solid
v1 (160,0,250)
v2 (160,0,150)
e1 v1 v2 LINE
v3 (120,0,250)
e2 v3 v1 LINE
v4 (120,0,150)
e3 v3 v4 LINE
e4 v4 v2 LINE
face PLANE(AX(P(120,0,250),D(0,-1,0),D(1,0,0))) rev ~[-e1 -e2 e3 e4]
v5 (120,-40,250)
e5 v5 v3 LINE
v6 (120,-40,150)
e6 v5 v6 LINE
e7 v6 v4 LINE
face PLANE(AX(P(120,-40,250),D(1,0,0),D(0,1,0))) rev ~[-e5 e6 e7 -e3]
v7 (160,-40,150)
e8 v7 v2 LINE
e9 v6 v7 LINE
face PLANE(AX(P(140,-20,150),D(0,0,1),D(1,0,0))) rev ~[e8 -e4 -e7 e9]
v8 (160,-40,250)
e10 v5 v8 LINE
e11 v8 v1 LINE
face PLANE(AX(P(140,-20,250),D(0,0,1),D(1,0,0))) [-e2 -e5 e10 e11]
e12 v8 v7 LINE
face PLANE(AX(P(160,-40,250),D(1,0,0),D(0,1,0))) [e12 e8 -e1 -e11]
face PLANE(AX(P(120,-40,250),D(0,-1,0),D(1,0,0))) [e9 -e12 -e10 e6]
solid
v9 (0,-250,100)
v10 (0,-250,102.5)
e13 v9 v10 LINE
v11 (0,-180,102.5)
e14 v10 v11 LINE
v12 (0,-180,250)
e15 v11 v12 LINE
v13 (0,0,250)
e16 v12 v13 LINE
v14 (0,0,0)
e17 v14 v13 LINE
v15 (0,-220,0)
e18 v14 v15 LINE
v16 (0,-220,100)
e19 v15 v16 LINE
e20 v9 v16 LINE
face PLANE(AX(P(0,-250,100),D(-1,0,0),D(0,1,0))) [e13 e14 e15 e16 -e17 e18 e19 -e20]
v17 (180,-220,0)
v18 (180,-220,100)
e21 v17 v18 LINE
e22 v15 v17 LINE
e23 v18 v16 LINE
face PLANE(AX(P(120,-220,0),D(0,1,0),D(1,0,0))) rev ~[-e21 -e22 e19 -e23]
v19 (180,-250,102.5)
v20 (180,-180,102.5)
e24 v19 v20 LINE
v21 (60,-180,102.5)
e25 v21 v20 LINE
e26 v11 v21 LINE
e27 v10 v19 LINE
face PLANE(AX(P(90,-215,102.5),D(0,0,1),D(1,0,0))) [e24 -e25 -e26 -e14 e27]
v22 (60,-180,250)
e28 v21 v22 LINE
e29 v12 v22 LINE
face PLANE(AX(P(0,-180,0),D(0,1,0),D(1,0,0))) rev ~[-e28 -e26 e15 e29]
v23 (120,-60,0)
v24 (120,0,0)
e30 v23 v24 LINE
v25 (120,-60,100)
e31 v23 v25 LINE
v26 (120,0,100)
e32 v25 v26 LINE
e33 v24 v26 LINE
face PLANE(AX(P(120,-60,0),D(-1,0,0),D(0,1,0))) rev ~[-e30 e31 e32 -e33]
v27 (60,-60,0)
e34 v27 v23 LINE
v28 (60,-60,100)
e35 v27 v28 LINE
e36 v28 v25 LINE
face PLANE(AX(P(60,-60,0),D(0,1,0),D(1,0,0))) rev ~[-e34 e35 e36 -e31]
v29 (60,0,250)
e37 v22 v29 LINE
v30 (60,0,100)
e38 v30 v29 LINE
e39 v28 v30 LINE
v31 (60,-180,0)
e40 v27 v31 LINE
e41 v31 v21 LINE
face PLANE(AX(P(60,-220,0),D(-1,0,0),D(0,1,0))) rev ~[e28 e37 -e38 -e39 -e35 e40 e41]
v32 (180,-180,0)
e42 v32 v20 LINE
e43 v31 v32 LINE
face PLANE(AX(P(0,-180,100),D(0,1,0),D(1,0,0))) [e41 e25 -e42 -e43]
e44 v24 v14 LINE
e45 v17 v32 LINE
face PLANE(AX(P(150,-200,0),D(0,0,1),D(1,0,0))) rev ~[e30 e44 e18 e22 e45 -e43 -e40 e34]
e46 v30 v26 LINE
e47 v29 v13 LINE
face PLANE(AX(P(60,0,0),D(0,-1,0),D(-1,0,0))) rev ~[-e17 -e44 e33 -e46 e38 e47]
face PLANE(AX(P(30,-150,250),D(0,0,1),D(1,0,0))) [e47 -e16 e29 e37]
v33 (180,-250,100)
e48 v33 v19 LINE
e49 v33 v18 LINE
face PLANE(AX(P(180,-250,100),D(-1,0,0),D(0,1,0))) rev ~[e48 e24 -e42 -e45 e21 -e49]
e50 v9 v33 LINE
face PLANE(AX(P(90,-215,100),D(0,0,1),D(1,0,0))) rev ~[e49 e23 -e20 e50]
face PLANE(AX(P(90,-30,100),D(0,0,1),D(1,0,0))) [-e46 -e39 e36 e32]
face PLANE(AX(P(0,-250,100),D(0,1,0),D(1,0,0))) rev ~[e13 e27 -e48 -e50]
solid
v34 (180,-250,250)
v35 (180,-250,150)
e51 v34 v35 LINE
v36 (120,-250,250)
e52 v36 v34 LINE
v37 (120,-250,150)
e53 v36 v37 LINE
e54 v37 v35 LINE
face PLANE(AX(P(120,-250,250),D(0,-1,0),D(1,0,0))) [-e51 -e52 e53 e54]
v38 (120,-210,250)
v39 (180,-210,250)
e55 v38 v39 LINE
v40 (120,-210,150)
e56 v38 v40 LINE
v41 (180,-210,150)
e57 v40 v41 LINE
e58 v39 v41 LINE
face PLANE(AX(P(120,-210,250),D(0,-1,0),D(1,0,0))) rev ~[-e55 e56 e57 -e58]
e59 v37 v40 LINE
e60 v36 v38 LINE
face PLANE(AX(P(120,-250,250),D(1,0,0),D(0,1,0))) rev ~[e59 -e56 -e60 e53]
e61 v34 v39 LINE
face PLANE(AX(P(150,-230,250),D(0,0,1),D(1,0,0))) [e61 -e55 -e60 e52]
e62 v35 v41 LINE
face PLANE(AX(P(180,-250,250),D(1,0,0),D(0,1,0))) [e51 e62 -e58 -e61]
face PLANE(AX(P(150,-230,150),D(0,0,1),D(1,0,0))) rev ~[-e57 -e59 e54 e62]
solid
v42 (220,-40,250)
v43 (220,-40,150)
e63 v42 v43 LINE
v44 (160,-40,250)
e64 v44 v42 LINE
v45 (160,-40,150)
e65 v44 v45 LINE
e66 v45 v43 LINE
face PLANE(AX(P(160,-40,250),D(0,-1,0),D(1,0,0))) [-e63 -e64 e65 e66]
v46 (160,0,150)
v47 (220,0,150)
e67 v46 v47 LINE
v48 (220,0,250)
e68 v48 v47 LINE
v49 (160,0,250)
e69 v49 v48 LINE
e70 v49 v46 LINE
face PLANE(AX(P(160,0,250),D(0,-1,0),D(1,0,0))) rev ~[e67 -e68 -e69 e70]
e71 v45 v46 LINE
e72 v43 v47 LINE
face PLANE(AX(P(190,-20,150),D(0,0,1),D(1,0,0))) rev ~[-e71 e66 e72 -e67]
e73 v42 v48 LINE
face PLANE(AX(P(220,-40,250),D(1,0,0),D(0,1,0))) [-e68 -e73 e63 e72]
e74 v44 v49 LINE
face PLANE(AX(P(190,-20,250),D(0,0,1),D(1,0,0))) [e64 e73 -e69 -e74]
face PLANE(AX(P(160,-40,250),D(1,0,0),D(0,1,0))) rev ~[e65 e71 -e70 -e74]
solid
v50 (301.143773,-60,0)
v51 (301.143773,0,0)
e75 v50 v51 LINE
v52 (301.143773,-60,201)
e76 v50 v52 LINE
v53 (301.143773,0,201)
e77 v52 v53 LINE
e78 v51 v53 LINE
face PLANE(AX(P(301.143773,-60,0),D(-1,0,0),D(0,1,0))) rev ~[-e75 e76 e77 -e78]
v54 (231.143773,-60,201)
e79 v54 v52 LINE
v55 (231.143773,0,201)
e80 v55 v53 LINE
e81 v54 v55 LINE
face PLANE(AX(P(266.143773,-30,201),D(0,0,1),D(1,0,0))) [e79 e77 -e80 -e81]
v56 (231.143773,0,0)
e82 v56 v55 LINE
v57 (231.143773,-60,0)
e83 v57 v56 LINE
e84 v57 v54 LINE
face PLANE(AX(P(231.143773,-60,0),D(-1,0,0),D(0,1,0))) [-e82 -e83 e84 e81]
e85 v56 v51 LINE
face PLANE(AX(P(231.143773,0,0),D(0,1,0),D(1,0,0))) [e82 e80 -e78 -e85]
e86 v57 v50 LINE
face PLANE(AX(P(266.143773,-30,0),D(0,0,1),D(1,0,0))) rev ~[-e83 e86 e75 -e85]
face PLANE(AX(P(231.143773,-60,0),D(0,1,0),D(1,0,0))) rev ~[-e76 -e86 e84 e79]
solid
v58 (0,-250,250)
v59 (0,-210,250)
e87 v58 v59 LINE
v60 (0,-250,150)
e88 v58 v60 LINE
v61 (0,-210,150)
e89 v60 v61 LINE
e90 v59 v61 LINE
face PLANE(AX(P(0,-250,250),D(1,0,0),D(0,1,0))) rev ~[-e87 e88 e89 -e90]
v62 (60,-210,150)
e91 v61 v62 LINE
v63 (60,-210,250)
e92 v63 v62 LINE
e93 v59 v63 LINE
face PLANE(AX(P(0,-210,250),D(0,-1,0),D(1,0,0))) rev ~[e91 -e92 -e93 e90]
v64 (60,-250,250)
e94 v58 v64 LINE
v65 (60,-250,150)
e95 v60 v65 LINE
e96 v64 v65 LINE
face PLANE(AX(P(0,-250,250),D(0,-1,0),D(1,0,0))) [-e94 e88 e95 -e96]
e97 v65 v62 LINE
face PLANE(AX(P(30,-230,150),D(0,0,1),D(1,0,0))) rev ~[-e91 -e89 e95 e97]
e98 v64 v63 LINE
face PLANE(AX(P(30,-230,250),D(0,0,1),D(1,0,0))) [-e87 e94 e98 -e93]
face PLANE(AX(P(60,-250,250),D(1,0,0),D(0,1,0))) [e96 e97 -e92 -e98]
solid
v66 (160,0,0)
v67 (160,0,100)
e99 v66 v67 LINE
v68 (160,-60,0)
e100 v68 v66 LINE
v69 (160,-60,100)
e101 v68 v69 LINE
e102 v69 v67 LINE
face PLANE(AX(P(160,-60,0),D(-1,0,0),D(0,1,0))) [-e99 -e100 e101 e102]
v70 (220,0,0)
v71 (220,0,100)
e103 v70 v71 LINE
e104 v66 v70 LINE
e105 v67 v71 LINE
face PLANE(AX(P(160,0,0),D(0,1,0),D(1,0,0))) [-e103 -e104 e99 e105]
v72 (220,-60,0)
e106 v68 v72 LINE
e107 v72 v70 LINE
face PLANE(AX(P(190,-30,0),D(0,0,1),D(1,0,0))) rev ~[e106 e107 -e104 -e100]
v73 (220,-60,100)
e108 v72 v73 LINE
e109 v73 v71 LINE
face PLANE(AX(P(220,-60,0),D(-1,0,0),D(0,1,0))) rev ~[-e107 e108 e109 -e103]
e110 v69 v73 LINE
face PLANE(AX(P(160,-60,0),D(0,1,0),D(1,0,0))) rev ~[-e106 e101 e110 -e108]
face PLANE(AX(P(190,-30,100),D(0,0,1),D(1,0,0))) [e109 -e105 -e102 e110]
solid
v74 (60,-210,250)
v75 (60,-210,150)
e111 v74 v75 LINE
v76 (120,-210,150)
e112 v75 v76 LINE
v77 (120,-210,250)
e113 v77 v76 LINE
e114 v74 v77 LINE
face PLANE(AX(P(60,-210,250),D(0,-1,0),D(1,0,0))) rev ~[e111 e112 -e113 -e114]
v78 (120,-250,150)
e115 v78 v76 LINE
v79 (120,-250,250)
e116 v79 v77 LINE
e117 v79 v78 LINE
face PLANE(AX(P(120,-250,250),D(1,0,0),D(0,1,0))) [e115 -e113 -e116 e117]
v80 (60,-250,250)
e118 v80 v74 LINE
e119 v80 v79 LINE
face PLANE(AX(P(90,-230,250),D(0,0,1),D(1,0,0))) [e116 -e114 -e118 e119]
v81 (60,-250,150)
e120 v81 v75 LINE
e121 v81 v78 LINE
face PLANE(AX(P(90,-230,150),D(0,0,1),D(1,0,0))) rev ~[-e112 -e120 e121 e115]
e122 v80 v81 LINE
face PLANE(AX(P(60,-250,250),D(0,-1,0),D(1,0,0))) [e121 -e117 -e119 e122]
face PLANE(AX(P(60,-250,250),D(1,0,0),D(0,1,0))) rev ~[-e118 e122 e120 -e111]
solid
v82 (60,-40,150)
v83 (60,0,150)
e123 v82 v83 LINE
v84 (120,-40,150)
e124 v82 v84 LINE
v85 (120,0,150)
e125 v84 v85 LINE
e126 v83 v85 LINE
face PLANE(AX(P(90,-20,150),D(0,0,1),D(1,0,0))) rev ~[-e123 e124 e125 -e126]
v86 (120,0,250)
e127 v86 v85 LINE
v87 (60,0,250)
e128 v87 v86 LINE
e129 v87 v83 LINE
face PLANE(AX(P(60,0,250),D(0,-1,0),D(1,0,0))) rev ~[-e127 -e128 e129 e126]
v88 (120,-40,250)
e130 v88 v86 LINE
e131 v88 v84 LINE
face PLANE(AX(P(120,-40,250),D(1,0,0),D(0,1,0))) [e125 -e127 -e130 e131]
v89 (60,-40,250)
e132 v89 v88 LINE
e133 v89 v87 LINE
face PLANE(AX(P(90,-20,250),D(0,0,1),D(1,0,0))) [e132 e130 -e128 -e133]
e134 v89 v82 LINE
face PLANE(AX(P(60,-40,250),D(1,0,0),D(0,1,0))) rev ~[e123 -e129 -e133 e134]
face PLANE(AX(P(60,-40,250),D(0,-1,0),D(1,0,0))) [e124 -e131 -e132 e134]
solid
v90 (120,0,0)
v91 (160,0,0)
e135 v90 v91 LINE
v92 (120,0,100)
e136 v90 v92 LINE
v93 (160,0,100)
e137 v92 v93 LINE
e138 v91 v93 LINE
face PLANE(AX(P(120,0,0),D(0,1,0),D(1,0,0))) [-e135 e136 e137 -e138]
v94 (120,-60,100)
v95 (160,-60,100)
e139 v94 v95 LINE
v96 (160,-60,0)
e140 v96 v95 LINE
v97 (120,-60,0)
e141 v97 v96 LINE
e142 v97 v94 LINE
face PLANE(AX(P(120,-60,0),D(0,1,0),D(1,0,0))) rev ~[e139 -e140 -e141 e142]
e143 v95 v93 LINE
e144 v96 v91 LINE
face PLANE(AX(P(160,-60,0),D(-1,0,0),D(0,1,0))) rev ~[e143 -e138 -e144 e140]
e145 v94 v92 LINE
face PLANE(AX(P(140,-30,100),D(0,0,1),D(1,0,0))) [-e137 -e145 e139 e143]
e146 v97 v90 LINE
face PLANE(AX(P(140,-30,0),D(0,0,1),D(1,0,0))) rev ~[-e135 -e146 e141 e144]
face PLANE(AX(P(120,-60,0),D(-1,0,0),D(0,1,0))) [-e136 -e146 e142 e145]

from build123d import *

# Parameters (mm, degrees)
F0_W      = 70
F0_H      = 60
F1_DEPTH  = 201
F0_W_2    = 60
F2_DEPTH  = 100
F3_DEPTH  = 100
F0_W_3    = 40
F4_DEPTH  = 100
F5_DEPTH  = 250
F6_DEPTH  = 250
F0_H_2    = 40
F7_DEPTH  = 100
F8_DEPTH  = 100
F9_DEPTH  = 100
F10_W     = 180
F10_H     = 70
F11_DEPTH = 2.5
F12_W     = 60
F12_H     = 40
F13_DEPTH = 100
F14_W     = 60
F14_H     = 40
F15_DEPTH = 100
F16_W     = 60
F16_H     = 40
F17_DEPTH = 100
F18_W     = 60
F18_H     = 40
F19_DEPTH = 100
F20_W     = 40
F20_H     = 40
F21_DEPTH = 100
F22_W     = 60
F22_H     = 40
F23_DEPTH = 100


with BuildPart() as f1:
    # F0 (on Top) → F1 (new body)
    with BuildSketch(Plane.XY):
        with Locations((266.143773, -30)):
            Rectangle(F0_W, F0_H)
    extrude(amount=F1_DEPTH)


with BuildPart() as f2:
    # F0 (on Top) → F2 (new body)
    with BuildSketch(Plane.XY):
        with Locations((190, -30)):
            Rectangle(F0_W_2, F0_H)
    extrude(amount=F2_DEPTH)


with BuildPart() as f3:
    # F0 (on Top) → F3 (new body)
    with BuildSketch(Plane.XY):
        with Locations((90, -30)):
            Rectangle(F0_W_2, F0_H)
    extrude(amount=F3_DEPTH)

    # F0 (on Top) → F5 (join)
    with BuildSketch(Plane.XY):
        Polygon((60, 0), (0, 0), (0, -120), (60, -120), (60, -60), align=None)
    extrude(amount=F5_DEPTH)

    # F0 (on Top) → F6 (join)
    with BuildSketch(Plane.XY):
        with Locations((30, -150)):
            Rectangle(F0_W_2, F0_H)
    extrude(amount=F6_DEPTH)

    # F0 (on Top) → F7 (join)
    with BuildSketch(Plane.XY):
        with Locations((30, -200)):
            Rectangle(F0_W_2, F0_H_2)
    extrude(amount=F7_DEPTH)

    # F0 (on Top) → F8 (join)
    with BuildSketch(Plane.XY):
        with Locations((90, -200)):
            Rectangle(F0_W_2, F0_H_2)
    extrude(amount=F8_DEPTH)

    # F0 (on Top) → F9 (join)
    with BuildSketch(Plane.XY):
        with Locations((150, -200)):
            Rectangle(F0_W_2, F0_H_2)
    extrude(amount=F9_DEPTH)

    # F10 (on face) → F11 (join)
    with BuildSketch(Plane.XY.offset(100)):
        with Locations((90, -215)):
            Rectangle(F10_W, F10_H)
    extrude(amount=F11_DEPTH)


with BuildPart() as f4:
    # F0 (on Top) → F4 (new body)
    with BuildSketch(Plane.XY):
        with Locations((140, -30)):
            Rectangle(F0_W_3, F0_H)
    extrude(amount=F4_DEPTH)


with BuildPart() as f13:
    # F12 (on face) → F13 (new body)
    with BuildSketch(Plane.XY.offset(250)):
        with Locations((30, -230)):
            Rectangle(F12_W, F12_H)
    extrude(amount=-F13_DEPTH)


with BuildPart() as f15:
    # F14 (on face) → F15 (new body)
    with BuildSketch(Plane.XY.offset(250)):
        with Locations((90, -230)):
            Rectangle(F14_W, F14_H)
    extrude(amount=-F15_DEPTH)


with BuildPart() as f17:
    # F16 (on face) → F17 (new body)
    with BuildSketch(Plane.XY.offset(250)):
        with Locations((150, -230)):
            Rectangle(F16_W, F16_H)
    extrude(amount=-F17_DEPTH)


with BuildPart() as f19:
    # F18 (on face) → F19 (new body)
    with BuildSketch(Plane.XY.offset(250)):
        with Locations((90, -20)):
            Rectangle(F18_W, F18_H)
    extrude(amount=-F19_DEPTH)


with BuildPart() as f21:
    # F20 (on face) → F21 (new body)
    with BuildSketch(Plane.XY.offset(250)):
        with Locations((140, -20)):
            Rectangle(F20_W, F20_H)
    extrude(amount=-F21_DEPTH)


with BuildPart() as f23:
    # F22 (on face) → F23 (new body)
    with BuildSketch(Plane.XY.offset(250)):
        with Locations((190, -20)):
            Rectangle(F22_W, F22_H)
    extrude(amount=-F23_DEPTH)


solid = Compound([f1.part, f2.part, f3.part, f4.part, f13.part, f15.part, f17.part, f19.part, f21.part, f23.part])
